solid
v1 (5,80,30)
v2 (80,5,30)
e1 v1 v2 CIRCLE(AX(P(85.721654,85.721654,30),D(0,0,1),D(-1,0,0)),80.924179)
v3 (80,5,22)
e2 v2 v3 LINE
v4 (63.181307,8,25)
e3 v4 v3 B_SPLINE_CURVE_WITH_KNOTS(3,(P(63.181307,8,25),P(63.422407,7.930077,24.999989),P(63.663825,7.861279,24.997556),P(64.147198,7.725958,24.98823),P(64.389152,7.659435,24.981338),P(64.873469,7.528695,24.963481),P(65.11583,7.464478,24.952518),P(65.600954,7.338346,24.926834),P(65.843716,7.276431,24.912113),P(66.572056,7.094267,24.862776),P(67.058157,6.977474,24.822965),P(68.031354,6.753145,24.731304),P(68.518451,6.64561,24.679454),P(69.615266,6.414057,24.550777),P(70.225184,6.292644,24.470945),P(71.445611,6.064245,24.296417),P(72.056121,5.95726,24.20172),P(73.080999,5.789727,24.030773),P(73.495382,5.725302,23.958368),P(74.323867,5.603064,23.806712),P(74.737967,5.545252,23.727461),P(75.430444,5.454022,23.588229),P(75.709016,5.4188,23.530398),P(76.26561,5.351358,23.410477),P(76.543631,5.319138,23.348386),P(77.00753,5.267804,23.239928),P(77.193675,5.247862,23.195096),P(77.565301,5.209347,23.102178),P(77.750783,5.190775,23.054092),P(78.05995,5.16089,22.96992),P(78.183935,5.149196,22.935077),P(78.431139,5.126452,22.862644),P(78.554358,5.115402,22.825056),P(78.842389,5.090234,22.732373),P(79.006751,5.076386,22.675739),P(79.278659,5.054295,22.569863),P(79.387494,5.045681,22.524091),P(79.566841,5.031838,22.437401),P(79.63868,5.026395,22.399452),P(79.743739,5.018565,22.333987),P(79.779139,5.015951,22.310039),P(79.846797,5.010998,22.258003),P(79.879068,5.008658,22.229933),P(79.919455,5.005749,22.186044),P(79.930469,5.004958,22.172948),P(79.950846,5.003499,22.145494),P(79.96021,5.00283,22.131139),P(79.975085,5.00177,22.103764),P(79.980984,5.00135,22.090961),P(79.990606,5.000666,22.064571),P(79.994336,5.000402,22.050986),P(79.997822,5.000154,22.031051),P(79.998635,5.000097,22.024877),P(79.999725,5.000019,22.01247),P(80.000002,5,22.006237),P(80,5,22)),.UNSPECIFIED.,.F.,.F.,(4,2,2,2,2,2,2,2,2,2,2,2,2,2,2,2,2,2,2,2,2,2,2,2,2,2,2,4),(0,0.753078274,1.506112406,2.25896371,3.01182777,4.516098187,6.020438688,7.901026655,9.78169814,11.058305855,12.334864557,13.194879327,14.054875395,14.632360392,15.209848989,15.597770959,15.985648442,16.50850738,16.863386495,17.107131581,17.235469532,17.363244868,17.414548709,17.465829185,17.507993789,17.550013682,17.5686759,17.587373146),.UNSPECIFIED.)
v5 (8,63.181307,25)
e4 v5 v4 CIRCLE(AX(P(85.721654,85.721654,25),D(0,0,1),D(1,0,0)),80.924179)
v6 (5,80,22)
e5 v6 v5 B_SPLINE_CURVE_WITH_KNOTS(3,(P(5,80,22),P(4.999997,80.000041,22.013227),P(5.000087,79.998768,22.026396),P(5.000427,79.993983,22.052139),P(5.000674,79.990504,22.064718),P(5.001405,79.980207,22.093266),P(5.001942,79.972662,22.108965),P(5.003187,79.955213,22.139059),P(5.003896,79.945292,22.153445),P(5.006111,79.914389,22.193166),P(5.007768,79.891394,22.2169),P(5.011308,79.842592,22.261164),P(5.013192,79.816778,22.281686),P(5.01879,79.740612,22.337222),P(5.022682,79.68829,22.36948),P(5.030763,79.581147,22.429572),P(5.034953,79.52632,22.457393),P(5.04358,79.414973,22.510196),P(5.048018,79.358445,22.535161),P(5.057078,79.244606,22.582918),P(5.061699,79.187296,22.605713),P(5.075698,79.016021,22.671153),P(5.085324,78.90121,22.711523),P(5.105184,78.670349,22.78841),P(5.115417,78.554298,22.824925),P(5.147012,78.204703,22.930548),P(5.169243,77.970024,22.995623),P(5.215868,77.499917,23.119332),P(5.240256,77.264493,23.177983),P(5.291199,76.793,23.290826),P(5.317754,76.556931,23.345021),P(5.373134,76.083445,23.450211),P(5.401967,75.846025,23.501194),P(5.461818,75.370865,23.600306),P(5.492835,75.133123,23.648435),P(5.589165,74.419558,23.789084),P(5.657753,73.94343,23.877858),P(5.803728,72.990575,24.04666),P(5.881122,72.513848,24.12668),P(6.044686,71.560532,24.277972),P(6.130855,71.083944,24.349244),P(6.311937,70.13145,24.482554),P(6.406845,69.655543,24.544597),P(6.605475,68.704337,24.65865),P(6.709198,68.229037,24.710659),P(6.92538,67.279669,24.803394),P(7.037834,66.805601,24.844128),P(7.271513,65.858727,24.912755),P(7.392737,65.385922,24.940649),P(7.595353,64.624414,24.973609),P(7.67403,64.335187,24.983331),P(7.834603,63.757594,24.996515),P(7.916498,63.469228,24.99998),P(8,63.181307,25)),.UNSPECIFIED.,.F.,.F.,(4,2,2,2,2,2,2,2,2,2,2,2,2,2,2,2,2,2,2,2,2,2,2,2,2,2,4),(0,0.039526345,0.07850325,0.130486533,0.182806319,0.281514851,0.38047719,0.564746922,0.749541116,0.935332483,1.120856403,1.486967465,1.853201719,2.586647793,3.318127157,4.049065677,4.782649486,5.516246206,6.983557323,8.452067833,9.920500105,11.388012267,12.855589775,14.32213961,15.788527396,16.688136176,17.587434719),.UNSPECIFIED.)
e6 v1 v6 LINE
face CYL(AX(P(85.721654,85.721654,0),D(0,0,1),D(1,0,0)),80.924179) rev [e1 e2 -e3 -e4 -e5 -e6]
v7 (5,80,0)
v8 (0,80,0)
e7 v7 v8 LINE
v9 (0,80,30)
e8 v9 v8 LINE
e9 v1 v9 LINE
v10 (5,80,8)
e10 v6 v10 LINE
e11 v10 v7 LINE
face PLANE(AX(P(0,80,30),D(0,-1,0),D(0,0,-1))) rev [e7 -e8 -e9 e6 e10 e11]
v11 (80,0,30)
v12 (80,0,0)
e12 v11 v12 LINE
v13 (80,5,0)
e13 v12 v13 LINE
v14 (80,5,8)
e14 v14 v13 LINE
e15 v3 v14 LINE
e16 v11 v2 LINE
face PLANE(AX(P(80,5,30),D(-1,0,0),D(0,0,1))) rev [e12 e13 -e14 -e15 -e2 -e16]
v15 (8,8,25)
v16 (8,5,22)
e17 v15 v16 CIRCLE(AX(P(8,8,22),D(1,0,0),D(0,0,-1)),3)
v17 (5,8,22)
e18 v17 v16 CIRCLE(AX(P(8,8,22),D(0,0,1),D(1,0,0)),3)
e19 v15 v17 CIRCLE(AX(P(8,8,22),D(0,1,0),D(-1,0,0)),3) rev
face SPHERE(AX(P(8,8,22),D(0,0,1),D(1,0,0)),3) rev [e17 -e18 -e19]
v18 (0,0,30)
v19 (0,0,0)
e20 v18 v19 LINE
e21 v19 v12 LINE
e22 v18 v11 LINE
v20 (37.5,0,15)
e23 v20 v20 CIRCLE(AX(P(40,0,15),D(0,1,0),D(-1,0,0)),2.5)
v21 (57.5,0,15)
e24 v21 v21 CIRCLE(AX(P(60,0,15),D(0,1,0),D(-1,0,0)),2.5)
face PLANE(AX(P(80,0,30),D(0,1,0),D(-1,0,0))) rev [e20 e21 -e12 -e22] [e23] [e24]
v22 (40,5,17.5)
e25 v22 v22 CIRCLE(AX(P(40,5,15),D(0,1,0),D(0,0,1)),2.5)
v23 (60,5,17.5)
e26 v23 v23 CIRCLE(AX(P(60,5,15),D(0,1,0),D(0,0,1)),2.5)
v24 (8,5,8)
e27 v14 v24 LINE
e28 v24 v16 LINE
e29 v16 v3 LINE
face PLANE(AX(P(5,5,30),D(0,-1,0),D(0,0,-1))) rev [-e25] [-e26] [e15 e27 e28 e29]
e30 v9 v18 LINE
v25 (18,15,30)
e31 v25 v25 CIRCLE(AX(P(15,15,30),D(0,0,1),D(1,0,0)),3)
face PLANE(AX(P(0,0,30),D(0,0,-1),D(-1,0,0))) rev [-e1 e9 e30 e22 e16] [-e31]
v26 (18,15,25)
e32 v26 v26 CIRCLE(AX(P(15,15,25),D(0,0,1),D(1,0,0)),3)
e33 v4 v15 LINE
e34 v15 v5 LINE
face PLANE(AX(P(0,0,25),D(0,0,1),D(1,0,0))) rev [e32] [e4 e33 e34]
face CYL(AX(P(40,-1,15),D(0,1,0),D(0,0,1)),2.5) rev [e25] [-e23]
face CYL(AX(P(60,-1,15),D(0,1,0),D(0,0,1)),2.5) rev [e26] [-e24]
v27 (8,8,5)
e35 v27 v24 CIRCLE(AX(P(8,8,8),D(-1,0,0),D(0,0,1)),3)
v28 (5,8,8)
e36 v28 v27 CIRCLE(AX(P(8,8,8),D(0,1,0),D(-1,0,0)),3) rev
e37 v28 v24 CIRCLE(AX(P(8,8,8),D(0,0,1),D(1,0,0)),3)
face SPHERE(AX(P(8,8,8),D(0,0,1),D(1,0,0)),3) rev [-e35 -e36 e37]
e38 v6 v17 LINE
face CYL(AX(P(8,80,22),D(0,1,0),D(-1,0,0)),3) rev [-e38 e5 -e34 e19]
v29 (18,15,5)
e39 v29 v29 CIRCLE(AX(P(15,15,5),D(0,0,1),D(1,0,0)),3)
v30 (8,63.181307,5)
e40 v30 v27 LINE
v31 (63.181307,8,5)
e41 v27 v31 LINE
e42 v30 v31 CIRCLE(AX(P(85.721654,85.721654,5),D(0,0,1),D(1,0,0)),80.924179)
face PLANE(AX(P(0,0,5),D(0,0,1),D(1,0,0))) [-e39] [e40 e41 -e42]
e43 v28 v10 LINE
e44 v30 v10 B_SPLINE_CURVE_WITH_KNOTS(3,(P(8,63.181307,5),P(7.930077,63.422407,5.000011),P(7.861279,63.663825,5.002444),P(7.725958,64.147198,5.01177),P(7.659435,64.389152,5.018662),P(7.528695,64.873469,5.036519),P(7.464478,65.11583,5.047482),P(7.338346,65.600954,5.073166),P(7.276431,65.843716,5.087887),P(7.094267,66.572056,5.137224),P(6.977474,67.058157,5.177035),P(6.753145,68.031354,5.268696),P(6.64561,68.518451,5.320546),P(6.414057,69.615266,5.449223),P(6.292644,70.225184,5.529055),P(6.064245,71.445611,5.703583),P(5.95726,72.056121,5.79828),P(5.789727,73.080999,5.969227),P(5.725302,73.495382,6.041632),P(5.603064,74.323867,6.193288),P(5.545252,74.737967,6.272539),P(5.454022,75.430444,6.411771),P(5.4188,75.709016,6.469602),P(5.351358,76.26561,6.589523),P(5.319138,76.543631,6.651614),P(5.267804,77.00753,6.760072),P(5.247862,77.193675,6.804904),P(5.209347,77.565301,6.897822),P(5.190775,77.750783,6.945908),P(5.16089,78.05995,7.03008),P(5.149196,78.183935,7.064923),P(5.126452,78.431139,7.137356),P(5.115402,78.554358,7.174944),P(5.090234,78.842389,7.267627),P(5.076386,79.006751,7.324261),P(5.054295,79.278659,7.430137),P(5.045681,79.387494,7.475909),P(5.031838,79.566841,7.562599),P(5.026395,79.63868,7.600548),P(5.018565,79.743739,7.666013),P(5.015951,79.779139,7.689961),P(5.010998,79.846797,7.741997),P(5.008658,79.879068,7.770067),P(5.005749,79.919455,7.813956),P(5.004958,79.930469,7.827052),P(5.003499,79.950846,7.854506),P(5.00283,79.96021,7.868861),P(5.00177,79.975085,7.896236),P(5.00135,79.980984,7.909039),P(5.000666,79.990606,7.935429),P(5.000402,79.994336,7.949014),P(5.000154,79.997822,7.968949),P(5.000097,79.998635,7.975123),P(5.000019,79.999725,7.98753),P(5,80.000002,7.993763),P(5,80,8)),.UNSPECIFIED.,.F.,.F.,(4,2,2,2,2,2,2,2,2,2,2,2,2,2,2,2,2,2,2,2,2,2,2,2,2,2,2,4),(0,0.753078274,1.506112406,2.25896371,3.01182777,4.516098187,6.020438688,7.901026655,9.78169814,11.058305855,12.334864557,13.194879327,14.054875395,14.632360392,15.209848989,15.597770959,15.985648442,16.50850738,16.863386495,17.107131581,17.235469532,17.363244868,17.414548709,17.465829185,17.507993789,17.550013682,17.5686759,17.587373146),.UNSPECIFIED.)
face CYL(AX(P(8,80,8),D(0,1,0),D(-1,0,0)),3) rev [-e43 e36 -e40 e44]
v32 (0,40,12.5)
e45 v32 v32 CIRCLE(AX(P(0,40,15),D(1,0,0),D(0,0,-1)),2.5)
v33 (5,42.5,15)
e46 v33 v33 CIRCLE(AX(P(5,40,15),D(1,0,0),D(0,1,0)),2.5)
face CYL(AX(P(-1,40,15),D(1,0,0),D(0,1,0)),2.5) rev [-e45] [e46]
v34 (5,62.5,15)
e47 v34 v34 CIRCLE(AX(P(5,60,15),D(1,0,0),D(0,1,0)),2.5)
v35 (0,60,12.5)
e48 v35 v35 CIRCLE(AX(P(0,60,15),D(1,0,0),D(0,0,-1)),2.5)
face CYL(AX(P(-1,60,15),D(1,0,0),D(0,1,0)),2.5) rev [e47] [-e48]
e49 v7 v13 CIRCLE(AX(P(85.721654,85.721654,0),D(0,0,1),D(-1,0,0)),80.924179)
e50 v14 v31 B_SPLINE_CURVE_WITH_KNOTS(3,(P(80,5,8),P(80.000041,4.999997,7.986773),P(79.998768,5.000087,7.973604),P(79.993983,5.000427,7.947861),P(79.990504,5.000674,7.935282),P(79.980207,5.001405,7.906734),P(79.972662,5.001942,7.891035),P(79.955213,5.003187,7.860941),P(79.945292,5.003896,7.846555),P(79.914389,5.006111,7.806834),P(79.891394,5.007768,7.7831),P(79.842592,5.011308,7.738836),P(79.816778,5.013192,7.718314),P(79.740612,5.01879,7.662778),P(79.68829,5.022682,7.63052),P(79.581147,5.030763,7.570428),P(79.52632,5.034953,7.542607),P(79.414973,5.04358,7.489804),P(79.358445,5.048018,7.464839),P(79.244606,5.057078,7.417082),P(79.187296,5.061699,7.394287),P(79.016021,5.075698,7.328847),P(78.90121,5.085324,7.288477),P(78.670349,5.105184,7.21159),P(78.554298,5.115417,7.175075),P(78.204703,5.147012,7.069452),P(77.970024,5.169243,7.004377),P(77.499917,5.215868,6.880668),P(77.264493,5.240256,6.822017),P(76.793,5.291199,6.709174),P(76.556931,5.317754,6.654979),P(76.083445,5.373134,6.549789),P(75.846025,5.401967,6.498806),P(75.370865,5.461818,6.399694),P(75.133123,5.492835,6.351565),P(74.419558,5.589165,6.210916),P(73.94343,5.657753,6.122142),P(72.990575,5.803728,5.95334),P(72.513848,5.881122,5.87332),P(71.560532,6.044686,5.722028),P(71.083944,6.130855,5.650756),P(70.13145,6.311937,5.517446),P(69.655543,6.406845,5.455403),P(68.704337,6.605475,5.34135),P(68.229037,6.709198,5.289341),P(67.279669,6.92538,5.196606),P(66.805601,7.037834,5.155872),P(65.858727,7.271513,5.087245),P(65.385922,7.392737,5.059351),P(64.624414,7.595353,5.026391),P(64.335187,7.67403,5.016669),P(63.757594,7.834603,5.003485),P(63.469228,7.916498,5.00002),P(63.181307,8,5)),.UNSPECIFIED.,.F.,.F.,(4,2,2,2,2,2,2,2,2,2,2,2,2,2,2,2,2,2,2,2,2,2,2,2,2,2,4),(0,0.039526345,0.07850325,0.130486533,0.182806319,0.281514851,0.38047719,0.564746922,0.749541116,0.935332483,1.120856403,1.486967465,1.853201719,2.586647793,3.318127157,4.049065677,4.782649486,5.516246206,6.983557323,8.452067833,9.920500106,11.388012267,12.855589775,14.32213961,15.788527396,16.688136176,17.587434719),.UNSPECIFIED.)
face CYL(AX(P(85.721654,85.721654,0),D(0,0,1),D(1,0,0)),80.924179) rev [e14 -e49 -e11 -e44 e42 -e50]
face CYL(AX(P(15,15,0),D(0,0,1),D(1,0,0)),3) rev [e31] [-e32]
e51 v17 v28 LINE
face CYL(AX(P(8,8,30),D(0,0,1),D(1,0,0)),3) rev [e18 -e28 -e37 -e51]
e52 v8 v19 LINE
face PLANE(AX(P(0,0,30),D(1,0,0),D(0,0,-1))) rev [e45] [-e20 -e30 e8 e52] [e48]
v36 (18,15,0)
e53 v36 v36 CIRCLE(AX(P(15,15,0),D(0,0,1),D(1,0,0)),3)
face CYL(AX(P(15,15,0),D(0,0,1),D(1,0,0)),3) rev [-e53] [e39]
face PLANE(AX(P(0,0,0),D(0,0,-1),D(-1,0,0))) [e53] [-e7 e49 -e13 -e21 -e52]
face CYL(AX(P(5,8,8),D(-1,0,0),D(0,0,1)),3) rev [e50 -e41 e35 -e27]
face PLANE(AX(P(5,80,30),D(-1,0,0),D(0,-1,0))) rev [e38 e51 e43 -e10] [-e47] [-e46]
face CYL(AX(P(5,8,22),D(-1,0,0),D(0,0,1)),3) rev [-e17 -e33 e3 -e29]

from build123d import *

# Parameters (mm, degrees)
BOSS_EXTRUDE2_DEPTH = 30
SKETCH5_R           = 2.5
CUT_EXTRUDE3_DEPTH  = 6
SKETCH6_R           = 2.5
CUT_EXTRUDE4_DEPTH  = 6
BOSS_EXTRUDE3_DEPTH = 5
BOSS_EXTRUDE4_DEPTH = 5
FILLET1_R           = 3
FILLET2_R           = 3
FILLET3_R           = 3
CUT_EXTRUDE5_DEPTH  = 118.046999107
SKETCH10_R          = 3
CUT_EXTRUDE6_DEPTH  = 118.04699927


with BuildPart() as part:
    # Sketch4 → Boss-Extrude2 (new body)
    with BuildSketch(Plane.XY):
        Polygon((0, 0), (0, 80), (5, 80), (5, 5), (80, 5), (80, 0), align=None)
    extrude(amount=BOSS_EXTRUDE2_DEPTH)

    # Sketch5 → Cut-Extrude3 (cut)
    with BuildSketch(Plane(origin=(0, 5, 0), x_dir=(1, 0, 0), z_dir=(0, 1, 0))):
        with Locations(Location((60, -15, 0), (0, 0, 270))):
            Circle(SKETCH5_R)
        with Locations(Location((40, -15, 0), (0, 0, 270))):
            Circle(SKETCH5_R)
    extrude(amount=-CUT_EXTRUDE3_DEPTH, mode=Mode.SUBTRACT)

    # Sketch6 → Cut-Extrude4 (cut)
    with BuildSketch(Plane(origin=(5, 0, 0), x_dir=(0, 0, -1), z_dir=(1, 0, 0))):
        with Locations(Location((-15, 60, 0), (0, 0, 90))):
            Circle(SKETCH6_R)
        with Locations(Location((-15, 40, 0), (0, 0, 90))):
            Circle(SKETCH6_R)
    extrude(amount=-CUT_EXTRUDE4_DEPTH, mode=Mode.SUBTRACT)

    # Sketch7 → Boss-Extrude3 (add)
    with BuildSketch(Plane(origin=(0, 0, 0), x_dir=(-1, 0, 0), z_dir=(0, 0, -1))):
        Polygon((-5, 80), (-5, 5), (-80, 5), align=None)
    extrude(amount=-BOSS_EXTRUDE3_DEPTH)

    # Sketch8 → Boss-Extrude4 (add)
    with BuildSketch(Plane.XY.offset(30)):
        Polygon((5, 80), (5, 5), (80, 5), align=None)
    extrude(amount=-BOSS_EXTRUDE4_DEPTH)

    # Fillet1
    fillet1_edges = [part.edges().sort_by_distance(p)[0] for p in [
        (5, 42.5, 25),
    ]]
    fillet(fillet1_edges, radius=FILLET1_R)

    # Fillet2
    fillet2_edges = [part.edges().sort_by_distance(p)[0] for p in [
        (5, 42.5, 5),
    ]]
    fillet(fillet2_edges, radius=FILLET2_R)

    # Fillet3
    fillet3_edges = [part.edges().sort_by_distance(p)[0] for p in [
        (44, 5, 5),
        (5, 5, 15),
        (44, 5, 25),
        (5.878679656, 5, 24.121320344),
        (5.878679656, 5, 5.878679656),
    ]]
    fillet(fillet3_edges, radius=FILLET3_R)

    # Sketch9 → Cut-Extrude5 (cut, through all)
    with BuildSketch(Plane.XY.offset(30)):
        with BuildLine():
            Line((5, 80), (80, 5))
            ThreePointArc((80, 5), (28.499618275, 28.499618275), (5, 80))
        make_face()
    extrude(amount=-CUT_EXTRUDE5_DEPTH, mode=Mode.SUBTRACT)

    # Sketch10 → Cut-Extrude6 (cut, through all)
    with BuildSketch(Plane.XY.offset(30)):
        with Locations((15, 15)):
            Circle(SKETCH10_R)
    extrude(amount=-CUT_EXTRUDE6_DEPTH, mode=Mode.SUBTRACT)


solid = part.part
